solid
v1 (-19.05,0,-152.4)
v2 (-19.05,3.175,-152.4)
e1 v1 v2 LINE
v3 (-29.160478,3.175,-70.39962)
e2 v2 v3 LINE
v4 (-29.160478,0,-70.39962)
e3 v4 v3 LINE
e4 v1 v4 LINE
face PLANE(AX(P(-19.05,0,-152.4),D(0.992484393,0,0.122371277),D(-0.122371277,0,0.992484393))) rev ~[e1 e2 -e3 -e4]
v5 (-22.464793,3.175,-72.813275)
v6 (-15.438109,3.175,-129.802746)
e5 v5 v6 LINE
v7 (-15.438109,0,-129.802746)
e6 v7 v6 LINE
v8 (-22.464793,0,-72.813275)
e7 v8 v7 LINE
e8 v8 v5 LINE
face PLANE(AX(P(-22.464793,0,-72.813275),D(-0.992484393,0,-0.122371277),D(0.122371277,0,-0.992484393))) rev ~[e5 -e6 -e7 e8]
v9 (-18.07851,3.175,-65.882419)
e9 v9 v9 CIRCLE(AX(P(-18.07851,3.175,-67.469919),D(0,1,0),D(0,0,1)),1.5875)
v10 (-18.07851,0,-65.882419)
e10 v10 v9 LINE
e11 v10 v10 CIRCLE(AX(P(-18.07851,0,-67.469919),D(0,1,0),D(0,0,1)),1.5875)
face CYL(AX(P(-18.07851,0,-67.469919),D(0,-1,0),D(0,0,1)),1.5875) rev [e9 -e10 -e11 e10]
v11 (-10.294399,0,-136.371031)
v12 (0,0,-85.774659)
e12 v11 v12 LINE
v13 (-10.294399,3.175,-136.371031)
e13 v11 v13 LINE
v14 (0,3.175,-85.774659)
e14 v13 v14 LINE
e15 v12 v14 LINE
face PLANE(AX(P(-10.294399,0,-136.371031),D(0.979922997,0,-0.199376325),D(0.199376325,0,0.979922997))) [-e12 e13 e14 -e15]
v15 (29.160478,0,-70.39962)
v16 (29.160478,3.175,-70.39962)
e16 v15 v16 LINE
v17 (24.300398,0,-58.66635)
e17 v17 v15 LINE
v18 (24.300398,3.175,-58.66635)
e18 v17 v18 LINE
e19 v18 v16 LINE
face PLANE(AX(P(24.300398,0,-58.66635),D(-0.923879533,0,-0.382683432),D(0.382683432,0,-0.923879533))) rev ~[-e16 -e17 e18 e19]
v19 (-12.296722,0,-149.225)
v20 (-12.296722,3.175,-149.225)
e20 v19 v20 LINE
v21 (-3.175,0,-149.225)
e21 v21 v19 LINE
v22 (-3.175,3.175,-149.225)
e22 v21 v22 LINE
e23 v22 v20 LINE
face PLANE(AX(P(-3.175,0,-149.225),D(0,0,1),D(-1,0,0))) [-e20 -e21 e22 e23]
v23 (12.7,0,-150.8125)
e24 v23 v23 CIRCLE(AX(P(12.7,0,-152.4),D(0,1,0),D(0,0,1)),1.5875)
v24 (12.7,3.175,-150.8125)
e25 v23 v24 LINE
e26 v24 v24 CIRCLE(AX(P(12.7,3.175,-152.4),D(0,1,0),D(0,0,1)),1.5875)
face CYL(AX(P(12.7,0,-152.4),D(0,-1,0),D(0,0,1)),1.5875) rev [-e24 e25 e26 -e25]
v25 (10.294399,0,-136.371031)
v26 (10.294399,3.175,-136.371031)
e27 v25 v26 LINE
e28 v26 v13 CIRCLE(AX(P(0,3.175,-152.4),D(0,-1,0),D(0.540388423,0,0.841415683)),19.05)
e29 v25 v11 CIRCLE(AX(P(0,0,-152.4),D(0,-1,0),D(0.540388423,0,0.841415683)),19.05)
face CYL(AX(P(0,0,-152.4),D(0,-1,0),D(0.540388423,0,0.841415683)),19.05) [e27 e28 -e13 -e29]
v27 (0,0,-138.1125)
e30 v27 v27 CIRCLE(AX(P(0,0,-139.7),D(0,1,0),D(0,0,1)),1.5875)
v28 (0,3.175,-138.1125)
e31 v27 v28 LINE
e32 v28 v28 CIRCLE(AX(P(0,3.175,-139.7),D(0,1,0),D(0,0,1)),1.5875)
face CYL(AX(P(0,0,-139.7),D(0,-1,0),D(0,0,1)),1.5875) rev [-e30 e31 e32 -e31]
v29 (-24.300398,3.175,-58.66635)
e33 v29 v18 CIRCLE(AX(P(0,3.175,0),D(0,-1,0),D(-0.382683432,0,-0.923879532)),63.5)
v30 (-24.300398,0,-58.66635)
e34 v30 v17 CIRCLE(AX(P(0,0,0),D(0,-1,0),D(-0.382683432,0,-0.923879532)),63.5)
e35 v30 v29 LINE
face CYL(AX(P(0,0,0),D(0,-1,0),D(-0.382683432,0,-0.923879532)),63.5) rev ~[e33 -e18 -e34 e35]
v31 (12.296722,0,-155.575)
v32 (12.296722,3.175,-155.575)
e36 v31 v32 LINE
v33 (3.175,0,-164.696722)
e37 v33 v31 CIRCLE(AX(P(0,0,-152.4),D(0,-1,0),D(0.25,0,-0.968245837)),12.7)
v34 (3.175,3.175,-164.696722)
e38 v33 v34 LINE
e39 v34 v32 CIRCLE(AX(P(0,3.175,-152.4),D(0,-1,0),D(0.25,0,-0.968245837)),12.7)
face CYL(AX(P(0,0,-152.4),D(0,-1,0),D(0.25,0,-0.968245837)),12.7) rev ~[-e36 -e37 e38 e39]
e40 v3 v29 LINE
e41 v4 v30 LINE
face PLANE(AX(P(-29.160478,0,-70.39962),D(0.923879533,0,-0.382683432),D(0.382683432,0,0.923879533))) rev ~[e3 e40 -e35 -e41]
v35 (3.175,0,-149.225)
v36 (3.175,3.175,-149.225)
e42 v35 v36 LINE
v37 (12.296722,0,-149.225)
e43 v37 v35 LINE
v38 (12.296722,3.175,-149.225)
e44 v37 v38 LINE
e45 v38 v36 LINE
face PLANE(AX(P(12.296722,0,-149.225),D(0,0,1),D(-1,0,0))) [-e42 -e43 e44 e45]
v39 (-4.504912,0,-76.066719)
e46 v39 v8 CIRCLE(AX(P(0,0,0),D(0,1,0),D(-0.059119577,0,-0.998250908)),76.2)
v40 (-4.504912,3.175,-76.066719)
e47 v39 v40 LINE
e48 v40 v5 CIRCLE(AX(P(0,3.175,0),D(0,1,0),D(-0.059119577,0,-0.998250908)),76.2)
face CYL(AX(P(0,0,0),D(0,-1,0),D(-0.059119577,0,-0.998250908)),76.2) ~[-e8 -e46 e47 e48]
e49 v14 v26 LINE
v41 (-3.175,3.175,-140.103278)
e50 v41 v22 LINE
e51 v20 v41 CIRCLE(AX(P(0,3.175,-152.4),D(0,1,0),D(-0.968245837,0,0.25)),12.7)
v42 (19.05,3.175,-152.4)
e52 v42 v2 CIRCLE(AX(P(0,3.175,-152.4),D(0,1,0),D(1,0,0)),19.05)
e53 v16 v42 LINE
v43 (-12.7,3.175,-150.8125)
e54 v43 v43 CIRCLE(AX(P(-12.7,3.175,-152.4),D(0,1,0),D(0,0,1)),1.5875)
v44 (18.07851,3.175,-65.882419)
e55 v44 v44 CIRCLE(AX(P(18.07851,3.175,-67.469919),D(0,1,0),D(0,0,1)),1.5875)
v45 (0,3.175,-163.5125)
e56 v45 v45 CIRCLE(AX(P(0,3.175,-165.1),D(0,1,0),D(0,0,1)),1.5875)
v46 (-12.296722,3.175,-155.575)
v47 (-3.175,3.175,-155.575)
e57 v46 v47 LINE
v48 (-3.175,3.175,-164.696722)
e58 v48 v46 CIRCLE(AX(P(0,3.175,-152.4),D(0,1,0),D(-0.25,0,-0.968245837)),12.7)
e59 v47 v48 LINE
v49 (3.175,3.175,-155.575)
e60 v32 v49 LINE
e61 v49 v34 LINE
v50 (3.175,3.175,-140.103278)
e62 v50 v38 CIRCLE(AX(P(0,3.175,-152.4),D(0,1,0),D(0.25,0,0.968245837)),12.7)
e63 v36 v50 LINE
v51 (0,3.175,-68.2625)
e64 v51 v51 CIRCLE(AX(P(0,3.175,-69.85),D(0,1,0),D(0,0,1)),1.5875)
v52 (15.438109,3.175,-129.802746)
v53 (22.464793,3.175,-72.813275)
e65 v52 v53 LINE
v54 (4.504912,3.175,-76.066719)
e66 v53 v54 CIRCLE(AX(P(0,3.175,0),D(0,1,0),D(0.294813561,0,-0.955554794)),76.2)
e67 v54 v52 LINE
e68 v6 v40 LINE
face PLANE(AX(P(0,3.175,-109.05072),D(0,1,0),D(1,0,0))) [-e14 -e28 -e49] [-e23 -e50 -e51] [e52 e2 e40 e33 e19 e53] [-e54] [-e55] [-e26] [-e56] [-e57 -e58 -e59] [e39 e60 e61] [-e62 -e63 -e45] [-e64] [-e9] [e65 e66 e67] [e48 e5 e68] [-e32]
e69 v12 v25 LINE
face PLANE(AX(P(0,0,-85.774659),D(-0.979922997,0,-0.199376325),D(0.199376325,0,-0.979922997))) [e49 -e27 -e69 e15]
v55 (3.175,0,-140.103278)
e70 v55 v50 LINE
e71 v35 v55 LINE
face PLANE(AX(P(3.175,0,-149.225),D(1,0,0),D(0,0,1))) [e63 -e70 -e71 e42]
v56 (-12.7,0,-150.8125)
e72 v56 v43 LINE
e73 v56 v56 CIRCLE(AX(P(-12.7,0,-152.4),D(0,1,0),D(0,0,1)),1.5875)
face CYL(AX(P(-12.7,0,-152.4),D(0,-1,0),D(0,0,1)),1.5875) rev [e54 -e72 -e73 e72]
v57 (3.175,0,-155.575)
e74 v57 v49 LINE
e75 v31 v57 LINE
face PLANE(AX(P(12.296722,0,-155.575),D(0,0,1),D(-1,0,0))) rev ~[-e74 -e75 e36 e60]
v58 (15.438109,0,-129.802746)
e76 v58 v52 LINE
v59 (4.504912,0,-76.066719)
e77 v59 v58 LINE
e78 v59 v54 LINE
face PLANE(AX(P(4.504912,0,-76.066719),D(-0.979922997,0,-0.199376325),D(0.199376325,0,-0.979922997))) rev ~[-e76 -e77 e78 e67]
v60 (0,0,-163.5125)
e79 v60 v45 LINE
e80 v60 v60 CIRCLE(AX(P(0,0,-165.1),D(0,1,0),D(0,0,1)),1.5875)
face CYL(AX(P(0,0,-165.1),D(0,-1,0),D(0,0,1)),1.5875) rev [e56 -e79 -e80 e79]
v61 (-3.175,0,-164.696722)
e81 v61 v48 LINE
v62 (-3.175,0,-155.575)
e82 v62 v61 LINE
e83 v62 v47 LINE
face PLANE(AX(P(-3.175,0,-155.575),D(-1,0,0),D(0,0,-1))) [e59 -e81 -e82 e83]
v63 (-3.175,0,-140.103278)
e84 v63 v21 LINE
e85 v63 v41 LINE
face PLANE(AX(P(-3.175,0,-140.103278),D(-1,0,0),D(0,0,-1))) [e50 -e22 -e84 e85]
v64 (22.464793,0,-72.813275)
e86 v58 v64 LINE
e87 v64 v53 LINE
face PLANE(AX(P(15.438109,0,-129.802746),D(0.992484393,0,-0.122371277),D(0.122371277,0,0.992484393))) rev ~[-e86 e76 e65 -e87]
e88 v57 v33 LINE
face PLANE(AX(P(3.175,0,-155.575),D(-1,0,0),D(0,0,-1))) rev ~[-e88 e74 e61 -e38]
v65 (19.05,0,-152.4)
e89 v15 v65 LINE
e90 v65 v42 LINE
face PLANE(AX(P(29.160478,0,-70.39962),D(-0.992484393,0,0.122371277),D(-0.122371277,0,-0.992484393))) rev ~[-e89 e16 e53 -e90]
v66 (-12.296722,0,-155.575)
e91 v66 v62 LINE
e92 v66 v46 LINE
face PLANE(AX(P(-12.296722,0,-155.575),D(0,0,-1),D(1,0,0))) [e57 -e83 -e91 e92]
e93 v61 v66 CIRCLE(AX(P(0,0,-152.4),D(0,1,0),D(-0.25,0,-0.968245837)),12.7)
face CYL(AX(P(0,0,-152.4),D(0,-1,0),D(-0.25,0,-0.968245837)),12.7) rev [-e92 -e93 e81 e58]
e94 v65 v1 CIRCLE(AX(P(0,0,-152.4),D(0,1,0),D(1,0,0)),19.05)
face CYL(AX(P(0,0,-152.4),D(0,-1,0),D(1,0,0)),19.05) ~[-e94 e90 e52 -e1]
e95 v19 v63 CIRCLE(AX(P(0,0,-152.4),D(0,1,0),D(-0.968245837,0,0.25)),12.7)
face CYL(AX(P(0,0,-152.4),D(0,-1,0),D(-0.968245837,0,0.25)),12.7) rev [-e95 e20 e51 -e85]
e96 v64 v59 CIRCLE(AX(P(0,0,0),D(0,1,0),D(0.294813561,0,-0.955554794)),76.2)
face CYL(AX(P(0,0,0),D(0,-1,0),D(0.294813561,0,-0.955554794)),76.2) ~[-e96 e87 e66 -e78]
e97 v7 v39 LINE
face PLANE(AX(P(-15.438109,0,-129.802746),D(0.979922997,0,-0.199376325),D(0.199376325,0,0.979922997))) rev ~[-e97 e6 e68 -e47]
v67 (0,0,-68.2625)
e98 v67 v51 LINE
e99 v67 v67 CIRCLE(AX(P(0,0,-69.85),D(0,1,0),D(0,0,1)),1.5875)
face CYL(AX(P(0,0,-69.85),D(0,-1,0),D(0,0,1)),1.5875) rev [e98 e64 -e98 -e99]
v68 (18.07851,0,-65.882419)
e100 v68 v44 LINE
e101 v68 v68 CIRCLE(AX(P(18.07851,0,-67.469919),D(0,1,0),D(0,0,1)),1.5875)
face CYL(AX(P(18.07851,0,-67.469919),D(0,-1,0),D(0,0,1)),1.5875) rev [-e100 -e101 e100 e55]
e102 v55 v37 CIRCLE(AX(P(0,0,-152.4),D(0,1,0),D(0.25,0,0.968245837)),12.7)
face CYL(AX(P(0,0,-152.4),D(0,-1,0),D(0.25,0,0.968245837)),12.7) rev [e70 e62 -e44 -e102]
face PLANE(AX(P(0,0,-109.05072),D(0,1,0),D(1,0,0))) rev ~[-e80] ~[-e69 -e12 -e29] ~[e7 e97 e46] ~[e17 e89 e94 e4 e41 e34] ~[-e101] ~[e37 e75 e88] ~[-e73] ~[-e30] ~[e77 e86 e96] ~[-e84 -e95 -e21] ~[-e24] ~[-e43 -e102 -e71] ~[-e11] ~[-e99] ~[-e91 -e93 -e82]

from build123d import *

# Parameters (mm, degrees)
SKETCH1_R           = 1.5875
SKETCH1_R_2         = 1.587499999
BOSS_EXTRUDE1_DEPTH = 3.175


with BuildPart() as part:
    # Sketch1 → Boss-Extrude1 (new body)
    with BuildSketch(Plane(origin=(0, 0, 0), x_dir=(1, 0, 0), z_dir=(0, 1, 0))):
        with BuildLine():
            Line((-19.05, 152.4), (-29.160477546, 70.399620377))
            Line((-29.160477546, 70.399620377), (-24.300397955, 58.666350314))
            ThreePointArc((-24.300397955, 58.666350314), (0, 63.5), (24.300397955, 58.666350314))
            Line((24.300397955, 58.666350314), (29.160477546, 70.399620377))
            Line((29.160477546, 70.399620377), (19.05, 152.4))
            ThreePointArc((19.05, 152.4), (0, 171.45), (-19.05, 152.4))
        make_face()
        with Locations(Location((0, 139.7, 0), (0, 0, 270))):
            Circle(SKETCH1_R, mode=Mode.SUBTRACT)
        with Locations(Location((-12.7, 152.4, 0), (0, 0, 270))):
            Circle(SKETCH1_R, mode=Mode.SUBTRACT)
        with Locations(Location((0, 69.85, 0), (0, 0, 270))):
            Circle(SKETCH1_R, mode=Mode.SUBTRACT)
        with Locations(Location((18.0785103, 67.469918962, 0), (0, 0, 270))):
            Circle(SKETCH1_R, mode=Mode.SUBTRACT)
        with Locations(Location((0, 165.1, 0), (0, 0, 270))):
            Circle(SKETCH1_R, mode=Mode.SUBTRACT)
        with Locations(Location((12.7, 152.4, 0), (0, 0, 270))):
            Circle(SKETCH1_R, mode=Mode.SUBTRACT)
        with Locations(Location((-18.078510302, 67.469918971, 0), (0, 0, 270))):
            Circle(SKETCH1_R_2, mode=Mode.SUBTRACT)
        with BuildLine():
            Line((-15.438109232, 129.802746381), (-4.504911756, 76.066719201))
            ThreePointArc((-4.504911756, 76.066719201), (-13.582616579, 74.97968076), (-22.464793382, 72.813275289))
            Line((-22.464793382, 72.813275289), (-15.438109232, 129.802746381))
        make_face(mode=Mode.SUBTRACT)
        with BuildLine():
            Line((-10.294399454, 136.371031229), (0, 85.774659025))
            Line((0, 85.774659025), (10.294399454, 136.371031229))
            ThreePointArc((10.294399454, 136.371031229), (0, 133.35), (-10.294399454, 136.371031229))
        make_face(mode=Mode.SUBTRACT)
        with BuildLine():
            Line((12.296722124, 155.575), (3.175, 155.575))
            Line((3.175, 155.575), (3.175, 164.696722124))
            ThreePointArc((3.175, 164.696722124), (8.980256121, 161.380256121), (12.296722124, 155.575))
        make_face(mode=Mode.SUBTRACT)
        with BuildLine():
            Line((-3.175, 149.225), (-12.296722124, 149.225))
            ThreePointArc((-12.296722124, 149.225), (-8.980256121, 143.419743879), (-3.175, 140.103277876))
            Line((-3.175, 140.103277876), (-3.175, 149.225))
        make_face(mode=Mode.SUBTRACT)
        with BuildLine():
            Line((12.296722124, 149.225), (3.175, 149.225))
            Line((3.175, 149.225), (3.175, 140.103277876))
            ThreePointArc((3.175, 140.103277876), (8.980256121, 143.419743879), (12.296722124, 149.225))
        make_face(mode=Mode.SUBTRACT)
        with BuildLine():
            Line((4.504911756, 76.066719201), (15.438109232, 129.802746381))
            Line((15.438109232, 129.802746381), (22.464793382, 72.813275289))
            ThreePointArc((22.464793382, 72.813275289), (13.582616579, 74.97968076), (4.504911756, 76.066719201))
        make_face(mode=Mode.SUBTRACT)
        with BuildLine():
            Line((-3.175, 155.575), (-3.175, 164.696722124))
            ThreePointArc((-3.175, 164.696722124), (-8.980256121, 161.380256121), (-12.296722124, 155.575))
            Line((-12.296722124, 155.575), (-3.175, 155.575))
        make_face(mode=Mode.SUBTRACT)
    extrude(amount=BOSS_EXTRUDE1_DEPTH)


solid = part.part
